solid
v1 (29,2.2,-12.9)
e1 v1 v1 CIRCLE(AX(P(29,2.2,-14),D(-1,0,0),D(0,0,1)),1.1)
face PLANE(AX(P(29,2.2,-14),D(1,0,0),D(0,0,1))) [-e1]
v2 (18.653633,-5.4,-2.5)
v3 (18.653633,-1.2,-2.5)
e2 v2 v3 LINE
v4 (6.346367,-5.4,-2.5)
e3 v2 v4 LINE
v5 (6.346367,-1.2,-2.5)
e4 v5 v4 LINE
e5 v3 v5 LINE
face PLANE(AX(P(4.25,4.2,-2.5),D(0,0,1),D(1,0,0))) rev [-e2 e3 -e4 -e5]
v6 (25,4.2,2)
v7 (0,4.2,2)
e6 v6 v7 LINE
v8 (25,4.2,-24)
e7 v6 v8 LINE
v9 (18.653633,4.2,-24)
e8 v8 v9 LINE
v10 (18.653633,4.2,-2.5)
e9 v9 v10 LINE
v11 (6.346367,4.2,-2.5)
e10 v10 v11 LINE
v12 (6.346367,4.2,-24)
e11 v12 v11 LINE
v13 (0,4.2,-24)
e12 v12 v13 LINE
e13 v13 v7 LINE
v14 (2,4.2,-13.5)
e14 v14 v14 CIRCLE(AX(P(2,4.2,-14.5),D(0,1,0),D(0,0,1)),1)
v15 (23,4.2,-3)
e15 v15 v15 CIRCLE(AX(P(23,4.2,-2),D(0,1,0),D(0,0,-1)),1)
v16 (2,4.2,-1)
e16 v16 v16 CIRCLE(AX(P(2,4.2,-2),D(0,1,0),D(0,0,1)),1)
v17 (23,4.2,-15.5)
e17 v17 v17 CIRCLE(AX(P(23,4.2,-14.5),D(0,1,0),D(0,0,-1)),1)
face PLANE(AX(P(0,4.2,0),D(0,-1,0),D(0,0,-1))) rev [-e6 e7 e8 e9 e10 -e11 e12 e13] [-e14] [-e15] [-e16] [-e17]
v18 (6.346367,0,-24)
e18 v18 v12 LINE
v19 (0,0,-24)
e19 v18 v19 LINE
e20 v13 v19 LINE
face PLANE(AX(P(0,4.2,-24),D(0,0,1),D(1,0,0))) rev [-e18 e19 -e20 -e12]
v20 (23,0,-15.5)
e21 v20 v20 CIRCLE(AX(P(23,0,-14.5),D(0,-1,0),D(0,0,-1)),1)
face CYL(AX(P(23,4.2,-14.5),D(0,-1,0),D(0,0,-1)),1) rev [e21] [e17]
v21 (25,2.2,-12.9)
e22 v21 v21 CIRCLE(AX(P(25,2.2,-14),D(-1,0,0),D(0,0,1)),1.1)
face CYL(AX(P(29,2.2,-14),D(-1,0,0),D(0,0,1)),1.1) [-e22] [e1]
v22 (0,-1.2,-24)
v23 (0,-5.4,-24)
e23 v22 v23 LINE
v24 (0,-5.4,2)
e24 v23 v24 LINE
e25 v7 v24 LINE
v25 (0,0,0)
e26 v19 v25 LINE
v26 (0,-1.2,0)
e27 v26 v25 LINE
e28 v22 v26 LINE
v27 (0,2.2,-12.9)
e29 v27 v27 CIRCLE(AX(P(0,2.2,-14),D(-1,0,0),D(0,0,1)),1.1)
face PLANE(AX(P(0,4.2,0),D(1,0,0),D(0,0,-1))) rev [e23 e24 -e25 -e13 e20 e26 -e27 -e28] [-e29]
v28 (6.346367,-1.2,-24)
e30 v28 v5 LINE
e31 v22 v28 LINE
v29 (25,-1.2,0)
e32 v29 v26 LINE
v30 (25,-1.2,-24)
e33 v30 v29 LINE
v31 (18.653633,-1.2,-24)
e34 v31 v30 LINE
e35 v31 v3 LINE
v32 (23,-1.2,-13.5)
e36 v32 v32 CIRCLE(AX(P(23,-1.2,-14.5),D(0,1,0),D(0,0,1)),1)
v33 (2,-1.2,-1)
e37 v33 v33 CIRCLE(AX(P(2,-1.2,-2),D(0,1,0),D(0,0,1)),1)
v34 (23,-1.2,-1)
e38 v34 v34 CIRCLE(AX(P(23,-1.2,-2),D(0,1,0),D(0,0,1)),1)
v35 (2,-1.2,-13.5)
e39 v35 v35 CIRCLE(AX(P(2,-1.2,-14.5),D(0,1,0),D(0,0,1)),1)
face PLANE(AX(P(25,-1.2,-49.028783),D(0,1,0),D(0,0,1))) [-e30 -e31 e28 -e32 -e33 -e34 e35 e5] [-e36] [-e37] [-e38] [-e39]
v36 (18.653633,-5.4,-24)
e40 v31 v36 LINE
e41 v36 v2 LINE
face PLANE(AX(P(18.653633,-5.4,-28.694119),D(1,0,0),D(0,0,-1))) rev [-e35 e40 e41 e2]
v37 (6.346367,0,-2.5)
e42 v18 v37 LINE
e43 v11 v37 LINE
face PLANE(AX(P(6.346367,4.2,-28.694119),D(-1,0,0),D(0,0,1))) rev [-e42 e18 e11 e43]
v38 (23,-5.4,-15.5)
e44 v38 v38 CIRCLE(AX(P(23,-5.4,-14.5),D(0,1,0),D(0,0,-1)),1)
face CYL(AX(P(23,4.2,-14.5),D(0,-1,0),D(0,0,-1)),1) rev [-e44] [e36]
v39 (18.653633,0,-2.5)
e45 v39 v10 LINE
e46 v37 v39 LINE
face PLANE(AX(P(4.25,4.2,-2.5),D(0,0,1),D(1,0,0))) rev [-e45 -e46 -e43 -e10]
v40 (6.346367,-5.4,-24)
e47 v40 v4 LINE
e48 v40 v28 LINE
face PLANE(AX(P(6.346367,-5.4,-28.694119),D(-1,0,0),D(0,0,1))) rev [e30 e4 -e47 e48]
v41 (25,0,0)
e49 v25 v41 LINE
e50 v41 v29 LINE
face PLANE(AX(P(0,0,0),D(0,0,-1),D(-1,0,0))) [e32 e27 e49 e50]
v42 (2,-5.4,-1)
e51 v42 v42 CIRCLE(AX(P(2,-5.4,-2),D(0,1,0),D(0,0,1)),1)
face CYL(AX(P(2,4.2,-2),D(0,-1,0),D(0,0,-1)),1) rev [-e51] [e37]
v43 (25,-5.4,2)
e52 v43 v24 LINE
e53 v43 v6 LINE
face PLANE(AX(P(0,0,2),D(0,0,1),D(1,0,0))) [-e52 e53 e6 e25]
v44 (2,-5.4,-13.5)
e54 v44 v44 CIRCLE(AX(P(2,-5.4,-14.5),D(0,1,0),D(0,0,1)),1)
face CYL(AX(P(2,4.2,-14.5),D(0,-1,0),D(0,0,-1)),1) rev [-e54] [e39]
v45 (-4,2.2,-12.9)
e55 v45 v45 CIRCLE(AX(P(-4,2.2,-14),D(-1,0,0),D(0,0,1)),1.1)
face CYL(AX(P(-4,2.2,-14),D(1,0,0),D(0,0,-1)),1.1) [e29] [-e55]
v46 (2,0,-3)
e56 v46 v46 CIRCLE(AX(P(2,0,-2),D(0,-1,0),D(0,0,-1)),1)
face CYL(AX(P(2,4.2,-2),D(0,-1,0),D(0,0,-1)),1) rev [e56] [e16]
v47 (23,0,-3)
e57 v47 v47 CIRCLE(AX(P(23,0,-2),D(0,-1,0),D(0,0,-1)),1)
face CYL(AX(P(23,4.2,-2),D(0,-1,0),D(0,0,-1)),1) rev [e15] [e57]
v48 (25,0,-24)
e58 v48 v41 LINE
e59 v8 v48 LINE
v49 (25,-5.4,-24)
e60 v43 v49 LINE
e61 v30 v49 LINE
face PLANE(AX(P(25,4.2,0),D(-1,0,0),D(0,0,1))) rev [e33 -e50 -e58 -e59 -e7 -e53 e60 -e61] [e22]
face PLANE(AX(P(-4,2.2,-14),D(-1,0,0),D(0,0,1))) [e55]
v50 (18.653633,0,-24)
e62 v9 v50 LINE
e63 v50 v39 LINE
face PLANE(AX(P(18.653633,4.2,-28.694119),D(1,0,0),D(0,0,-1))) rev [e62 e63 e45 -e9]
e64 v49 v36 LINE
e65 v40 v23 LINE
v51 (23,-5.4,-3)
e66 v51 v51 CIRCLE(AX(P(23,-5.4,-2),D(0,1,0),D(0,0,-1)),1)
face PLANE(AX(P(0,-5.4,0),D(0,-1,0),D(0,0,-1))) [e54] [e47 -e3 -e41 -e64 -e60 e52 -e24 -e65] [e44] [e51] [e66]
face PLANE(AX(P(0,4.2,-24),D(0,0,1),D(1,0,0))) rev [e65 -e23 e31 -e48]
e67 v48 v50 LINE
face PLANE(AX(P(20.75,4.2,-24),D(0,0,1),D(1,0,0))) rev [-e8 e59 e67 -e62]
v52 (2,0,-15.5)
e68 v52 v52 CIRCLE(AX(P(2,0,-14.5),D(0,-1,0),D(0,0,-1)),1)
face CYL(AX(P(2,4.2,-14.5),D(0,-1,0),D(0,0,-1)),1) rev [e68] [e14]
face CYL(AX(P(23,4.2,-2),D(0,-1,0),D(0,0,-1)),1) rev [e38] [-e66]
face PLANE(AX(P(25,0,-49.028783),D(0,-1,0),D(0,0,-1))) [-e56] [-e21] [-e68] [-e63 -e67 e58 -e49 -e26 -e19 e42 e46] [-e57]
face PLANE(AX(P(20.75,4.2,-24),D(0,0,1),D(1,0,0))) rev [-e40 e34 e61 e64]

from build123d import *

# Parameters (mm, degrees)
SKETCH1_R           = 1
BOSS_EXTRUDE1_DEPTH = 4.2
SKETCH2_R           = 1.1
BOSS_EXTRUDE2_DEPTH = 4
SKETCH3_W           = 25
SKETCH3_H           = 4.2
BOSS_EXTRUDE3_DEPTH = 2
SKETCH4_W           = 25
SKETCH4_H           = 2
BOSS_EXTRUDE4_DEPTH = 0.6
BOSS_EXTRUDE5_START = -5.4
SKETCH1_3_R         = 1
BOSS_EXTRUDE5_DEPTH = 5.4
SKETCH4_2_W         = 25
SKETCH4_2_H         = 2
BOSS_EXTRUDE6_DEPTH = 5.4
CUT_EXTRUDE2_REACH  = 38.502
SKETCH5_W           = 25
SKETCH5_H           = 1.2
SKETCH6_W           = 2.096367106
SKETCH6_H           = 4.2
BOSS_EXTRUDE8_DEPTH = 21.5
SKETCH5_2_W         = 25
SKETCH5_2_H         = 1.2
CUT_EXTRUDE4_DEPTH  = 2.5


with BuildPart() as part:
    # Sketch1 → Boss-Extrude1 (new body)
    with BuildSketch(Plane(origin=(0, 0, 0), x_dir=(1, 0, 0), z_dir=(0, 1, 0))):
        Polygon((0, 0), (25, 0), (25, 24), (20.75, 24), (20.75, 2.5), (4.25, 2.5), (4.25, 24), (0, 24), align=None)
        with Locations(Location((2, 14.5, 0), (0, 0, 270))):
            Circle(SKETCH1_R, mode=Mode.SUBTRACT)
        with Locations(Location((2, 2, 0), (0, 0, 270))):
            Circle(SKETCH1_R, mode=Mode.SUBTRACT)
        with Locations(Location((23, 2, 0), (0, 0, 90))):
            Circle(SKETCH1_R, mode=Mode.SUBTRACT)
        with Locations(Location((23, 14.5, 0), (0, 0, 90))):
            Circle(SKETCH1_R, mode=Mode.SUBTRACT)
    extrude(amount=BOSS_EXTRUDE1_DEPTH)

    # Sketch2 → Boss-Extrude2 (add)
    with BuildSketch(Plane.ZY):
        with Locations((-14, 2.2)):
            Circle(SKETCH2_R)
    boss_extrude2 = extrude(amount=BOSS_EXTRUDE2_DEPTH)

    # Mirror1: Boss-Extrude2 across plane
    add(boss_extrude2.mirror(Plane.ZY.offset(-12.5)))

    # Sketch3 → Boss-Extrude3 (add)
    with BuildSketch(Plane.XY):
        with Locations((12.5, 2.1)):
            Rectangle(SKETCH3_W, SKETCH3_H)
    extrude(amount=BOSS_EXTRUDE3_DEPTH)

    # Sketch4 → Boss-Extrude4 (add)
    with BuildSketch(Plane.XZ):
        with Locations((12.5, 1)):
            Rectangle(SKETCH4_W, SKETCH4_H)
    extrude(amount=BOSS_EXTRUDE4_DEPTH)

    # Sketch1<3> → Boss-Extrude5 (add)
    with BuildSketch(Plane(origin=(0, 0, 0), x_dir=(1, 0, 0), z_dir=(0, 1, 0)).offset(BOSS_EXTRUDE5_START)):
        Polygon((0, 0), (25, 0), (25, 24), (20.75, 24), (20.75, 2.5), (4.25, 2.5), (4.25, 24), (0, 24), align=None)
        with Locations(Location((2, 14.5, 0), (0, 0, 270))):
            Circle(SKETCH1_3_R, mode=Mode.SUBTRACT)
        with Locations(Location((2, 2, 0), (0, 0, 270))):
            Circle(SKETCH1_3_R, mode=Mode.SUBTRACT)
        with Locations(Location((23, 2, 0), (0, 0, 90))):
            Circle(SKETCH1_3_R, mode=Mode.SUBTRACT)
        with Locations(Location((23, 14.5, 0), (0, 0, 90))):
            Circle(SKETCH1_3_R, mode=Mode.SUBTRACT)
    extrude(amount=BOSS_EXTRUDE5_DEPTH)

    # Sketch4<2> → Boss-Extrude6 (add)
    with BuildSketch(Plane.XZ):
        with Locations((12.5, 1)):
            Rectangle(SKETCH4_2_W, SKETCH4_2_H)
    extrude(amount=BOSS_EXTRUDE6_DEPTH)

    # Cut-Extrude2: up to this face of the body (flat: up to its plane)
    cut_extrude2_end = Plane(part.part.faces().sort_by_distance((22.875, -0.6, -24))[0])
    # Sketch5 → Cut-Extrude2 (cut, up to the picked face)
    with BuildSketch(Plane(origin=(0, 0, -2.5), x_dir=(-1, 0, 0), z_dir=(0, 0, -1)), mode=Mode.PRIVATE) as cut_extrude2_sk1:
        with Locations((-12.5, -0.6)):
            Rectangle(SKETCH5_W, SKETCH5_H)
    cut_extrude2_tool1 = split(extrude(cut_extrude2_sk1.sketch, amount=CUT_EXTRUDE2_REACH, mode=Mode.PRIVATE), bisect_by=cut_extrude2_end, keep=Keep.BOTH, mode=Mode.PRIVATE)
    add(cut_extrude2_tool1.solids().sort_by(Axis((12.5, -0.6, -2.5), (0, 0, -1)))[0], mode=Mode.SUBTRACT)

    # Sketch6 → Boss-Extrude8 (add)
    with BuildSketch(Plane(origin=(0, 0, -2.5), x_dir=(-1, 0, 0), z_dir=(0, 0, -1))):
        with Locations((-19.701816447, 2.1)):
            Rectangle(SKETCH6_W, SKETCH6_H)
        with Locations((-5.298183553, 2.1)):
            Rectangle(SKETCH6_W, SKETCH6_H)
        with Locations((-5.298183553, -3.3)):
            Rectangle(SKETCH6_W, SKETCH6_H)
        with Locations((-19.701816447, -3.3)):
            Rectangle(SKETCH6_W, SKETCH6_H)
    extrude(amount=BOSS_EXTRUDE8_DEPTH)

    # Sketch5<2> → Cut-Extrude4 (cut)
    with BuildSketch(Plane(origin=(0, 0, -2.5), x_dir=(-1, 0, 0), z_dir=(0, 0, -1))):
        with Locations((-12.5, -0.6)):
            Rectangle(SKETCH5_2_W, SKETCH5_2_H)
    extrude(amount=-CUT_EXTRUDE4_DEPTH, mode=Mode.SUBTRACT)


solid = part.part
